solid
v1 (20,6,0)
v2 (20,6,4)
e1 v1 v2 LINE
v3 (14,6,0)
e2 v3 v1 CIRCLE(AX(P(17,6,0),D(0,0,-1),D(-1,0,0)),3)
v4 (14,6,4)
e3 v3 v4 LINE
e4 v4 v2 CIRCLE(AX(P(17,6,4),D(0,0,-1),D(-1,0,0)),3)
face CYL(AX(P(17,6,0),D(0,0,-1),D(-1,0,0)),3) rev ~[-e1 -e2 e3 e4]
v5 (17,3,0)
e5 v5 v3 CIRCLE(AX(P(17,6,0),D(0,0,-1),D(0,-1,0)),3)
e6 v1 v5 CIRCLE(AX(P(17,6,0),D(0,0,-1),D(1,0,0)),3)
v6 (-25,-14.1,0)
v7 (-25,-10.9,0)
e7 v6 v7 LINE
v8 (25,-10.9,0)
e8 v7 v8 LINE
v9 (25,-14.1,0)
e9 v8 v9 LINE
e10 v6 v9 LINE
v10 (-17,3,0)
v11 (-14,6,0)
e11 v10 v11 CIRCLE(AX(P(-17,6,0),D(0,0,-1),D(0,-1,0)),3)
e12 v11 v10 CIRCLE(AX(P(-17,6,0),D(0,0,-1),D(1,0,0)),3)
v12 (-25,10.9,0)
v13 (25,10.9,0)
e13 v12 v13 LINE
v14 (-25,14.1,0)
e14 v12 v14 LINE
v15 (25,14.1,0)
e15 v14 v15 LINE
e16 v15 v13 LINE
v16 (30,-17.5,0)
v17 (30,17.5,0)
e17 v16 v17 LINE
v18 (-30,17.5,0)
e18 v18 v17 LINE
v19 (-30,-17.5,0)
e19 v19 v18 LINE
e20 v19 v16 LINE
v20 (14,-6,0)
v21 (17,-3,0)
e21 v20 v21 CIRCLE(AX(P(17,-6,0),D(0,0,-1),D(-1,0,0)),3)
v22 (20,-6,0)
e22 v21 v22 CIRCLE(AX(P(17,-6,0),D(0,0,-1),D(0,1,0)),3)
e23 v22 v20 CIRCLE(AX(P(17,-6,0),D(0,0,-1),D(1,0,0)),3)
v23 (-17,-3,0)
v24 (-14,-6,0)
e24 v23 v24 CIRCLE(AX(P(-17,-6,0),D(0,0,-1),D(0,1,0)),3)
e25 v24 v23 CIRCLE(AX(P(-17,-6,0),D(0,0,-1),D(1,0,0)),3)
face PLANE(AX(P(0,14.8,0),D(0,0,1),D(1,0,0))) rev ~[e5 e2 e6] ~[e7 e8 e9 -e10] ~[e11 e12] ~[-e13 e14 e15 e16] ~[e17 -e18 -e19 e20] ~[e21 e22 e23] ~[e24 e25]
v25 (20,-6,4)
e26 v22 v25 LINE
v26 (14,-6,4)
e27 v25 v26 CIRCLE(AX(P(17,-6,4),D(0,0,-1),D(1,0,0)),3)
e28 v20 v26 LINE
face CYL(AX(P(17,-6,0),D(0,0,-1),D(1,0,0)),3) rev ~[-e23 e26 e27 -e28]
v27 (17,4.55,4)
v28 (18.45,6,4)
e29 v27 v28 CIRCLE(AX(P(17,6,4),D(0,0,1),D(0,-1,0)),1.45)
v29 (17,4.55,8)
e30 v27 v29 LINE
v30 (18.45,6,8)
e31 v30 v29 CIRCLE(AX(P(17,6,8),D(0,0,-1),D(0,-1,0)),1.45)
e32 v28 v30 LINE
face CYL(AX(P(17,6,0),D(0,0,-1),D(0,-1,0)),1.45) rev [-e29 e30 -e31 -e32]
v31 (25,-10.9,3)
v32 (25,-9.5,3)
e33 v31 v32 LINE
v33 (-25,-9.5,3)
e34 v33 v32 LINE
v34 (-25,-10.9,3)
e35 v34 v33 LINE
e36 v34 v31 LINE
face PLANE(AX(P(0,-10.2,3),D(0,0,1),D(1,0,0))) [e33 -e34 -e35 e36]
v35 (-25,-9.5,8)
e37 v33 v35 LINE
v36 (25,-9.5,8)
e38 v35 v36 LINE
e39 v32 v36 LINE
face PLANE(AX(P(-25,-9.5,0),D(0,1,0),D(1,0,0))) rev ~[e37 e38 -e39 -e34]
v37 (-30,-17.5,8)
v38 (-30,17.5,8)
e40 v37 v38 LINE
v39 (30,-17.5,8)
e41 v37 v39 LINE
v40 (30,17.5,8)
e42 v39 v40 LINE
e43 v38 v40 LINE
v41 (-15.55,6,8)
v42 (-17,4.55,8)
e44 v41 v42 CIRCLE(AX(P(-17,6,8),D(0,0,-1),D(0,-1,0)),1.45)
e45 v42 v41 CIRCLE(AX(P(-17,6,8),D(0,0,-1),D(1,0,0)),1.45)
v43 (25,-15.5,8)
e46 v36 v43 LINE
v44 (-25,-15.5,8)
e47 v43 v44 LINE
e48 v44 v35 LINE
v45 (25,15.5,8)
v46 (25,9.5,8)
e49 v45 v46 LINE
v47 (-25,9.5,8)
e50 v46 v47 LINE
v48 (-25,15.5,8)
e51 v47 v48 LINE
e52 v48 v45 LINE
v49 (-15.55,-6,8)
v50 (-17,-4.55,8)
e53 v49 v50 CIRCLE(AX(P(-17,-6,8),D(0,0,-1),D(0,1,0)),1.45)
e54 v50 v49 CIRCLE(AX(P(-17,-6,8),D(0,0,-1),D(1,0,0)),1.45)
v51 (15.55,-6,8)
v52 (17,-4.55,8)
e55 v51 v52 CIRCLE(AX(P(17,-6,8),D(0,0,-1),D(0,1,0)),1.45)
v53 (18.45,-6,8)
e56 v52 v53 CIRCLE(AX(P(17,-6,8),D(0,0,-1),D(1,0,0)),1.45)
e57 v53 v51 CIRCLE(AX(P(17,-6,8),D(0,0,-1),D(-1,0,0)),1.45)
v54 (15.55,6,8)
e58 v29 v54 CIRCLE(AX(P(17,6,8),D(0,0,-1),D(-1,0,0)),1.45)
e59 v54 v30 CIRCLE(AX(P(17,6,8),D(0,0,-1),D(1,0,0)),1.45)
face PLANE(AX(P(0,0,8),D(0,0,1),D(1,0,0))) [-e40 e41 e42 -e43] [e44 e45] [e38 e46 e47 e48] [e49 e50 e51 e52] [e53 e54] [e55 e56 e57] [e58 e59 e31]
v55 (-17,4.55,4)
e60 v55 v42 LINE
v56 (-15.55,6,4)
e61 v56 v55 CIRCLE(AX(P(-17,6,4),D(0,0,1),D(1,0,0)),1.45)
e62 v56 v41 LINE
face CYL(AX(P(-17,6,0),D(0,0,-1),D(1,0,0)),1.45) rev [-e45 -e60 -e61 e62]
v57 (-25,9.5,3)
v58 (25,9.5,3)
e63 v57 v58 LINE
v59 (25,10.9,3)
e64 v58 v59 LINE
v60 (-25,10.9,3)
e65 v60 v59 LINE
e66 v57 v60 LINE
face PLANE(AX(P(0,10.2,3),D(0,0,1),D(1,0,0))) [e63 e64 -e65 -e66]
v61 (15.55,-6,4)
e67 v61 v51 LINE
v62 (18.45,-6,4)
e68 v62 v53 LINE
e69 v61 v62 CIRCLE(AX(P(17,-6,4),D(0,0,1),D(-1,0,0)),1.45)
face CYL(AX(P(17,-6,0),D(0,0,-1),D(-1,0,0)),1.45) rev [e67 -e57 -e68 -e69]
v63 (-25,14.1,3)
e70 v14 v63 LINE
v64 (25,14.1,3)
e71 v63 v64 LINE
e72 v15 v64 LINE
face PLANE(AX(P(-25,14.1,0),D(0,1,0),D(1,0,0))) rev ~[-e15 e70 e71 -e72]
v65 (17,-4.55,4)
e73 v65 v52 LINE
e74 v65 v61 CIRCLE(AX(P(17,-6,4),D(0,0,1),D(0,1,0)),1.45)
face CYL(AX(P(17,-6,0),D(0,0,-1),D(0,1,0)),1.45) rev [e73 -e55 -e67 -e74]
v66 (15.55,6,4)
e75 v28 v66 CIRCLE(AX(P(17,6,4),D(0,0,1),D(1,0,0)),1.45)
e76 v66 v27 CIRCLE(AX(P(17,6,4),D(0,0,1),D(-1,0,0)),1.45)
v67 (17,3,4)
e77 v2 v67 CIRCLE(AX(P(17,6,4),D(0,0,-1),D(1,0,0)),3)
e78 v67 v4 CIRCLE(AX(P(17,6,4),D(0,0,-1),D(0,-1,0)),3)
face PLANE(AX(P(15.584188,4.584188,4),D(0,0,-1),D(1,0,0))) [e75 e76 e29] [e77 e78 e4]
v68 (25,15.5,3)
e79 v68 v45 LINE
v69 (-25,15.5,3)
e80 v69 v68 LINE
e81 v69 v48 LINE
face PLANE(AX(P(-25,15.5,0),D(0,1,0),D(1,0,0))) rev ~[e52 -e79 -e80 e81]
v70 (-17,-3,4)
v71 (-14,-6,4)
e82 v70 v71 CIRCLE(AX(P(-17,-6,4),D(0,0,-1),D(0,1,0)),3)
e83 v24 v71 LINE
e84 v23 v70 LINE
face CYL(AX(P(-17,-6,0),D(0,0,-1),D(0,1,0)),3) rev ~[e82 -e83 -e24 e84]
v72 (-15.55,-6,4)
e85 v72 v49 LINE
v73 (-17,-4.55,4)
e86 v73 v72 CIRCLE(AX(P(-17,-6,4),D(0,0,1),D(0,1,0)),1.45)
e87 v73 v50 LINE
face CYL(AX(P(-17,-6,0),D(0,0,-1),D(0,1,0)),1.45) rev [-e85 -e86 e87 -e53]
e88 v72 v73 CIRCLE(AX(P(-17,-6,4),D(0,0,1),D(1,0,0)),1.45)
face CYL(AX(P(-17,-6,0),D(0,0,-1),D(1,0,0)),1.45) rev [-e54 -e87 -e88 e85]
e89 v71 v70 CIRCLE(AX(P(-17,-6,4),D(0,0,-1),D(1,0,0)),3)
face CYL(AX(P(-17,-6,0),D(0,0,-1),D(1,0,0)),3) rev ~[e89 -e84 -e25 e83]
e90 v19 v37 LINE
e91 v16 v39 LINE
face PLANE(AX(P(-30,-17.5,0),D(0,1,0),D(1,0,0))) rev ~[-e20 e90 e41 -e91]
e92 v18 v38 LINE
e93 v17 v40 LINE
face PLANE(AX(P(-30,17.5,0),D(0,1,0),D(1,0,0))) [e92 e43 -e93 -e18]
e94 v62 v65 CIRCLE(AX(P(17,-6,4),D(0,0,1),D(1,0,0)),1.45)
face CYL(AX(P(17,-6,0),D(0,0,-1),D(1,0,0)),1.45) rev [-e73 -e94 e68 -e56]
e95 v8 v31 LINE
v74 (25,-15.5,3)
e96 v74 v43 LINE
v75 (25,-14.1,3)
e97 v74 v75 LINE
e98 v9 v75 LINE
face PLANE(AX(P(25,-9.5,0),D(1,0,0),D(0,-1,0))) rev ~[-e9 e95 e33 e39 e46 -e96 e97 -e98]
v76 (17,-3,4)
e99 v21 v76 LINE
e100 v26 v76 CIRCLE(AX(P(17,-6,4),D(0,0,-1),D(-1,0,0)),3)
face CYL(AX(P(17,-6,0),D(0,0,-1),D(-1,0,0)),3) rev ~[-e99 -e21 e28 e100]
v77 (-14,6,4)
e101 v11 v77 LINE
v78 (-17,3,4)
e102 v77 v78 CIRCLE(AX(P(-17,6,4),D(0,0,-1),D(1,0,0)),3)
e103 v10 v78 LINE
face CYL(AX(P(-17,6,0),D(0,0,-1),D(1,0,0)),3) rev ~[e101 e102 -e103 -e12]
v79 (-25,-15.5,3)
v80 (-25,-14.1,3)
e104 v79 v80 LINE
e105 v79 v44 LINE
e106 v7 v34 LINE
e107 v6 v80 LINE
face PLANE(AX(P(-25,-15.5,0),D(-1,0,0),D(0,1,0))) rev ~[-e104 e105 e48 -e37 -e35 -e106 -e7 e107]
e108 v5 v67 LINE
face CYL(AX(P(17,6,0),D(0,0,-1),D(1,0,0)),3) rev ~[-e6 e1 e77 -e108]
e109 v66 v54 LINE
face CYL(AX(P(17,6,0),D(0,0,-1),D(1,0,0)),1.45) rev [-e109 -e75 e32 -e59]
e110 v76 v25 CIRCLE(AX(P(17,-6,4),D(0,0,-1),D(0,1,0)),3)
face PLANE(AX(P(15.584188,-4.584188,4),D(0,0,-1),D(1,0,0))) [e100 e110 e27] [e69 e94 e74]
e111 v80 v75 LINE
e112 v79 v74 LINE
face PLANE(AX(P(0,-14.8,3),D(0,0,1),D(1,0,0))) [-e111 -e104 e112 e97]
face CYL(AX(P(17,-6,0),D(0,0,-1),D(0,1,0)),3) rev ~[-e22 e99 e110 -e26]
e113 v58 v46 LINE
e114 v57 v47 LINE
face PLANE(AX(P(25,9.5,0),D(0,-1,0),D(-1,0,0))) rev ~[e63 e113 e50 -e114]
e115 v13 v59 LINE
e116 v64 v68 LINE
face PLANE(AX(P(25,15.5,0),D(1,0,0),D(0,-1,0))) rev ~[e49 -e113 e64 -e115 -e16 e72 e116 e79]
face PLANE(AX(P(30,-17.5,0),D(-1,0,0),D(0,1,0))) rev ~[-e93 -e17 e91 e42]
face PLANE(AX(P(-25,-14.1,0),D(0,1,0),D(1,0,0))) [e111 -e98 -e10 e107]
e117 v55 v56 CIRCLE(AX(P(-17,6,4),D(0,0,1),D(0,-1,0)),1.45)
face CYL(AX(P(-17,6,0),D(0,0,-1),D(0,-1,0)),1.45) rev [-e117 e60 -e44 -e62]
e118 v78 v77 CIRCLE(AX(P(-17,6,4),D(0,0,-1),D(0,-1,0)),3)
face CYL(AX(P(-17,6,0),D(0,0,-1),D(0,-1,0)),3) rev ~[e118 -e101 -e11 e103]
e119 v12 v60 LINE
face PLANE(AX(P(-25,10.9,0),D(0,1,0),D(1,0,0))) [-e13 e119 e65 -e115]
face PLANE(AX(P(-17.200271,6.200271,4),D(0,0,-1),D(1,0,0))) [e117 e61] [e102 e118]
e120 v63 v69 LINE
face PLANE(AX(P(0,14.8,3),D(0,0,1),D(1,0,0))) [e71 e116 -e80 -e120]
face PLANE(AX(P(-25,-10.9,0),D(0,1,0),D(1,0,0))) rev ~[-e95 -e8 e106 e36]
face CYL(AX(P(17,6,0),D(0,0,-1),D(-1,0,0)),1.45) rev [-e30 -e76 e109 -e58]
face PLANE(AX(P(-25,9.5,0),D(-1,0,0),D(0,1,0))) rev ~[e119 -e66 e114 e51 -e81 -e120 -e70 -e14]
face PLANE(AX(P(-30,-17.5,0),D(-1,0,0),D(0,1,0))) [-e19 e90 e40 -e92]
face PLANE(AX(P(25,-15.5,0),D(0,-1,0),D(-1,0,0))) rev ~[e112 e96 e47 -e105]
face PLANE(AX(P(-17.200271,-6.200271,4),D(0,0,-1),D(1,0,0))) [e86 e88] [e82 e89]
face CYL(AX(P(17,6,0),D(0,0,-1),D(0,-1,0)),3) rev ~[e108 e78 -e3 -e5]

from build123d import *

# Parameters (mm, degrees)
F0_W     = 60
F0_H     = 35
F1_DEPTH = 8
F0_W_2   = 50
F0_H_2   = 1.4
F2_DEPTH = 3
F4_DEPTH = 4
F5_DEPTH = 25


with BuildPart() as f1:
    # F0 (on Top) → F1 (new body)
    with BuildSketch(Plane.XY):
        Rectangle(F0_W, F0_H)
        Polygon((-25, -10.9), (-25, -9.5), (25, -9.5), (25, -10.9), (25, -12.5), (25, -14.1), (25, -15.5), (-25, -15.5), (-25, -14.1), (-25, -12.5), align=None, mode=Mode.SUBTRACT)
        Polygon((-25, 10.9), (-25, 12.5), (-25, 14.1), (-25, 15.5), (25, 15.5), (25, 14.1), (25, 12.5), (25, 10.9), (25, 9.5), (-25, 9.5), align=None, mode=Mode.SUBTRACT)
    extrude(amount=F1_DEPTH)

    # F0 (on Top) → F2 (join)
    with BuildSketch(Plane.XY):
        with Locations((0, 14.8)):
            Rectangle(F0_W_2, F0_H_2)
        with Locations((0, 10.2)):
            Rectangle(F0_W_2, F0_H_2)
        with Locations((0, -10.2)):
            Rectangle(F0_W_2, F0_H_2)
        with Locations((0, -14.8)):
            Rectangle(F0_W_2, F0_H_2)
    extrude(amount=F2_DEPTH)

    # F3 (on face) → F4 (cut)
    with BuildSketch(Plane(origin=(0, 0, 0), x_dir=(1, 0, 0), z_dir=(0, 0, -1))):
        with BuildLine():
            ThreePointArc((-14, 6), (-19.1213203436, 8.1213203436), (-17, 3))
            Line((-17, 3), (-17, 4.55))
            ThreePointArc((-17, 4.55), (-18.0253048327, 7.0253048327), (-15.55, 6))
            Line((-15.55, 6), (-14, 6))
        make_face()
        with BuildLine():
            Line((-17, 4.55), (-17, 3))
            ThreePointArc((-17, 3), (-14.8786796564, 3.8786796564), (-14, 6))
            Line((-14, 6), (-15.55, 6))
            ThreePointArc((-15.55, 6), (-15.9746951673, 4.9746951673), (-17, 4.55))
        make_face()
        with BuildLine():
            ThreePointArc((-17, -3), (-19.1213203436, -8.1213203436), (-14, -6))
            Line((-14, -6), (-15.55, -6))
            ThreePointArc((-15.55, -6), (-18.0253048327, -7.0253048327), (-17, -4.55))
            Line((-17, -4.55), (-17, -3))
        make_face()
        with BuildLine():
            Line((-15.55, -6), (-14, -6))
            ThreePointArc((-14, -6), (-14.8786796564, -3.8786796564), (-17, -3))
            Line((-17, -3), (-17, -4.55))
            ThreePointArc((-17, -4.55), (-15.9746951673, -4.9746951673), (-15.55, -6))
        make_face()
        with BuildLine():
            ThreePointArc((14, 6), (14.8786796564, 3.8786796564), (17, 3))
            Line((17, 3), (17, 4.55))
            ThreePointArc((17, 4.55), (15.9746951673, 4.9746951673), (15.55, 6))
            Line((15.55, 6), (14, 6))
        make_face()
        with BuildLine():
            Line((17, 4.55), (17, 3))
            ThreePointArc((17, 3), (19.1213203436, 3.8786796564), (20, 6))
            ThreePointArc((20, 6), (17, 9), (14, 6))
            Line((14, 6), (15.55, 6))
            ThreePointArc((15.55, 6), (17, 7.45), (18.45, 6))
            ThreePointArc((18.45, 6), (18.0253048327, 4.9746951673), (17, 4.55))
        make_face()
        with BuildLine():
            ThreePointArc((17, -3), (14.8786796564, -3.8786796564), (14, -6))
            Line((14, -6), (15.55, -6))
            ThreePointArc((15.55, -6), (15.9746951673, -4.9746951673), (17, -4.55))
            Line((17, -4.55), (17, -3))
        make_face()
        with BuildLine():
            Line((15.55, -6), (14, -6))
            ThreePointArc((14, -6), (17, -9), (20, -6))
            ThreePointArc((20, -6), (19.1213203436, -3.8786796564), (17, -3))
            Line((17, -3), (17, -4.55))
            ThreePointArc((17, -4.55), (18.0253048327, -4.9746951673), (18.45, -6))
            ThreePointArc((18.45, -6), (17, -7.45), (15.55, -6))
        make_face()
    extrude(amount=-F4_DEPTH, mode=Mode.SUBTRACT)

    # F5 (cut): faces of the model
    f5_faces = [f1.faces().sort_by_distance(p)[0] for p in [
        (-17, 6, 0),
        (17, 6, 0),
        (17, -6, 0),
        (-17, -6, 0),
    ]]
    extrude(f5_faces, amount=-F5_DEPTH, mode=Mode.SUBTRACT)


solid = f1.part
